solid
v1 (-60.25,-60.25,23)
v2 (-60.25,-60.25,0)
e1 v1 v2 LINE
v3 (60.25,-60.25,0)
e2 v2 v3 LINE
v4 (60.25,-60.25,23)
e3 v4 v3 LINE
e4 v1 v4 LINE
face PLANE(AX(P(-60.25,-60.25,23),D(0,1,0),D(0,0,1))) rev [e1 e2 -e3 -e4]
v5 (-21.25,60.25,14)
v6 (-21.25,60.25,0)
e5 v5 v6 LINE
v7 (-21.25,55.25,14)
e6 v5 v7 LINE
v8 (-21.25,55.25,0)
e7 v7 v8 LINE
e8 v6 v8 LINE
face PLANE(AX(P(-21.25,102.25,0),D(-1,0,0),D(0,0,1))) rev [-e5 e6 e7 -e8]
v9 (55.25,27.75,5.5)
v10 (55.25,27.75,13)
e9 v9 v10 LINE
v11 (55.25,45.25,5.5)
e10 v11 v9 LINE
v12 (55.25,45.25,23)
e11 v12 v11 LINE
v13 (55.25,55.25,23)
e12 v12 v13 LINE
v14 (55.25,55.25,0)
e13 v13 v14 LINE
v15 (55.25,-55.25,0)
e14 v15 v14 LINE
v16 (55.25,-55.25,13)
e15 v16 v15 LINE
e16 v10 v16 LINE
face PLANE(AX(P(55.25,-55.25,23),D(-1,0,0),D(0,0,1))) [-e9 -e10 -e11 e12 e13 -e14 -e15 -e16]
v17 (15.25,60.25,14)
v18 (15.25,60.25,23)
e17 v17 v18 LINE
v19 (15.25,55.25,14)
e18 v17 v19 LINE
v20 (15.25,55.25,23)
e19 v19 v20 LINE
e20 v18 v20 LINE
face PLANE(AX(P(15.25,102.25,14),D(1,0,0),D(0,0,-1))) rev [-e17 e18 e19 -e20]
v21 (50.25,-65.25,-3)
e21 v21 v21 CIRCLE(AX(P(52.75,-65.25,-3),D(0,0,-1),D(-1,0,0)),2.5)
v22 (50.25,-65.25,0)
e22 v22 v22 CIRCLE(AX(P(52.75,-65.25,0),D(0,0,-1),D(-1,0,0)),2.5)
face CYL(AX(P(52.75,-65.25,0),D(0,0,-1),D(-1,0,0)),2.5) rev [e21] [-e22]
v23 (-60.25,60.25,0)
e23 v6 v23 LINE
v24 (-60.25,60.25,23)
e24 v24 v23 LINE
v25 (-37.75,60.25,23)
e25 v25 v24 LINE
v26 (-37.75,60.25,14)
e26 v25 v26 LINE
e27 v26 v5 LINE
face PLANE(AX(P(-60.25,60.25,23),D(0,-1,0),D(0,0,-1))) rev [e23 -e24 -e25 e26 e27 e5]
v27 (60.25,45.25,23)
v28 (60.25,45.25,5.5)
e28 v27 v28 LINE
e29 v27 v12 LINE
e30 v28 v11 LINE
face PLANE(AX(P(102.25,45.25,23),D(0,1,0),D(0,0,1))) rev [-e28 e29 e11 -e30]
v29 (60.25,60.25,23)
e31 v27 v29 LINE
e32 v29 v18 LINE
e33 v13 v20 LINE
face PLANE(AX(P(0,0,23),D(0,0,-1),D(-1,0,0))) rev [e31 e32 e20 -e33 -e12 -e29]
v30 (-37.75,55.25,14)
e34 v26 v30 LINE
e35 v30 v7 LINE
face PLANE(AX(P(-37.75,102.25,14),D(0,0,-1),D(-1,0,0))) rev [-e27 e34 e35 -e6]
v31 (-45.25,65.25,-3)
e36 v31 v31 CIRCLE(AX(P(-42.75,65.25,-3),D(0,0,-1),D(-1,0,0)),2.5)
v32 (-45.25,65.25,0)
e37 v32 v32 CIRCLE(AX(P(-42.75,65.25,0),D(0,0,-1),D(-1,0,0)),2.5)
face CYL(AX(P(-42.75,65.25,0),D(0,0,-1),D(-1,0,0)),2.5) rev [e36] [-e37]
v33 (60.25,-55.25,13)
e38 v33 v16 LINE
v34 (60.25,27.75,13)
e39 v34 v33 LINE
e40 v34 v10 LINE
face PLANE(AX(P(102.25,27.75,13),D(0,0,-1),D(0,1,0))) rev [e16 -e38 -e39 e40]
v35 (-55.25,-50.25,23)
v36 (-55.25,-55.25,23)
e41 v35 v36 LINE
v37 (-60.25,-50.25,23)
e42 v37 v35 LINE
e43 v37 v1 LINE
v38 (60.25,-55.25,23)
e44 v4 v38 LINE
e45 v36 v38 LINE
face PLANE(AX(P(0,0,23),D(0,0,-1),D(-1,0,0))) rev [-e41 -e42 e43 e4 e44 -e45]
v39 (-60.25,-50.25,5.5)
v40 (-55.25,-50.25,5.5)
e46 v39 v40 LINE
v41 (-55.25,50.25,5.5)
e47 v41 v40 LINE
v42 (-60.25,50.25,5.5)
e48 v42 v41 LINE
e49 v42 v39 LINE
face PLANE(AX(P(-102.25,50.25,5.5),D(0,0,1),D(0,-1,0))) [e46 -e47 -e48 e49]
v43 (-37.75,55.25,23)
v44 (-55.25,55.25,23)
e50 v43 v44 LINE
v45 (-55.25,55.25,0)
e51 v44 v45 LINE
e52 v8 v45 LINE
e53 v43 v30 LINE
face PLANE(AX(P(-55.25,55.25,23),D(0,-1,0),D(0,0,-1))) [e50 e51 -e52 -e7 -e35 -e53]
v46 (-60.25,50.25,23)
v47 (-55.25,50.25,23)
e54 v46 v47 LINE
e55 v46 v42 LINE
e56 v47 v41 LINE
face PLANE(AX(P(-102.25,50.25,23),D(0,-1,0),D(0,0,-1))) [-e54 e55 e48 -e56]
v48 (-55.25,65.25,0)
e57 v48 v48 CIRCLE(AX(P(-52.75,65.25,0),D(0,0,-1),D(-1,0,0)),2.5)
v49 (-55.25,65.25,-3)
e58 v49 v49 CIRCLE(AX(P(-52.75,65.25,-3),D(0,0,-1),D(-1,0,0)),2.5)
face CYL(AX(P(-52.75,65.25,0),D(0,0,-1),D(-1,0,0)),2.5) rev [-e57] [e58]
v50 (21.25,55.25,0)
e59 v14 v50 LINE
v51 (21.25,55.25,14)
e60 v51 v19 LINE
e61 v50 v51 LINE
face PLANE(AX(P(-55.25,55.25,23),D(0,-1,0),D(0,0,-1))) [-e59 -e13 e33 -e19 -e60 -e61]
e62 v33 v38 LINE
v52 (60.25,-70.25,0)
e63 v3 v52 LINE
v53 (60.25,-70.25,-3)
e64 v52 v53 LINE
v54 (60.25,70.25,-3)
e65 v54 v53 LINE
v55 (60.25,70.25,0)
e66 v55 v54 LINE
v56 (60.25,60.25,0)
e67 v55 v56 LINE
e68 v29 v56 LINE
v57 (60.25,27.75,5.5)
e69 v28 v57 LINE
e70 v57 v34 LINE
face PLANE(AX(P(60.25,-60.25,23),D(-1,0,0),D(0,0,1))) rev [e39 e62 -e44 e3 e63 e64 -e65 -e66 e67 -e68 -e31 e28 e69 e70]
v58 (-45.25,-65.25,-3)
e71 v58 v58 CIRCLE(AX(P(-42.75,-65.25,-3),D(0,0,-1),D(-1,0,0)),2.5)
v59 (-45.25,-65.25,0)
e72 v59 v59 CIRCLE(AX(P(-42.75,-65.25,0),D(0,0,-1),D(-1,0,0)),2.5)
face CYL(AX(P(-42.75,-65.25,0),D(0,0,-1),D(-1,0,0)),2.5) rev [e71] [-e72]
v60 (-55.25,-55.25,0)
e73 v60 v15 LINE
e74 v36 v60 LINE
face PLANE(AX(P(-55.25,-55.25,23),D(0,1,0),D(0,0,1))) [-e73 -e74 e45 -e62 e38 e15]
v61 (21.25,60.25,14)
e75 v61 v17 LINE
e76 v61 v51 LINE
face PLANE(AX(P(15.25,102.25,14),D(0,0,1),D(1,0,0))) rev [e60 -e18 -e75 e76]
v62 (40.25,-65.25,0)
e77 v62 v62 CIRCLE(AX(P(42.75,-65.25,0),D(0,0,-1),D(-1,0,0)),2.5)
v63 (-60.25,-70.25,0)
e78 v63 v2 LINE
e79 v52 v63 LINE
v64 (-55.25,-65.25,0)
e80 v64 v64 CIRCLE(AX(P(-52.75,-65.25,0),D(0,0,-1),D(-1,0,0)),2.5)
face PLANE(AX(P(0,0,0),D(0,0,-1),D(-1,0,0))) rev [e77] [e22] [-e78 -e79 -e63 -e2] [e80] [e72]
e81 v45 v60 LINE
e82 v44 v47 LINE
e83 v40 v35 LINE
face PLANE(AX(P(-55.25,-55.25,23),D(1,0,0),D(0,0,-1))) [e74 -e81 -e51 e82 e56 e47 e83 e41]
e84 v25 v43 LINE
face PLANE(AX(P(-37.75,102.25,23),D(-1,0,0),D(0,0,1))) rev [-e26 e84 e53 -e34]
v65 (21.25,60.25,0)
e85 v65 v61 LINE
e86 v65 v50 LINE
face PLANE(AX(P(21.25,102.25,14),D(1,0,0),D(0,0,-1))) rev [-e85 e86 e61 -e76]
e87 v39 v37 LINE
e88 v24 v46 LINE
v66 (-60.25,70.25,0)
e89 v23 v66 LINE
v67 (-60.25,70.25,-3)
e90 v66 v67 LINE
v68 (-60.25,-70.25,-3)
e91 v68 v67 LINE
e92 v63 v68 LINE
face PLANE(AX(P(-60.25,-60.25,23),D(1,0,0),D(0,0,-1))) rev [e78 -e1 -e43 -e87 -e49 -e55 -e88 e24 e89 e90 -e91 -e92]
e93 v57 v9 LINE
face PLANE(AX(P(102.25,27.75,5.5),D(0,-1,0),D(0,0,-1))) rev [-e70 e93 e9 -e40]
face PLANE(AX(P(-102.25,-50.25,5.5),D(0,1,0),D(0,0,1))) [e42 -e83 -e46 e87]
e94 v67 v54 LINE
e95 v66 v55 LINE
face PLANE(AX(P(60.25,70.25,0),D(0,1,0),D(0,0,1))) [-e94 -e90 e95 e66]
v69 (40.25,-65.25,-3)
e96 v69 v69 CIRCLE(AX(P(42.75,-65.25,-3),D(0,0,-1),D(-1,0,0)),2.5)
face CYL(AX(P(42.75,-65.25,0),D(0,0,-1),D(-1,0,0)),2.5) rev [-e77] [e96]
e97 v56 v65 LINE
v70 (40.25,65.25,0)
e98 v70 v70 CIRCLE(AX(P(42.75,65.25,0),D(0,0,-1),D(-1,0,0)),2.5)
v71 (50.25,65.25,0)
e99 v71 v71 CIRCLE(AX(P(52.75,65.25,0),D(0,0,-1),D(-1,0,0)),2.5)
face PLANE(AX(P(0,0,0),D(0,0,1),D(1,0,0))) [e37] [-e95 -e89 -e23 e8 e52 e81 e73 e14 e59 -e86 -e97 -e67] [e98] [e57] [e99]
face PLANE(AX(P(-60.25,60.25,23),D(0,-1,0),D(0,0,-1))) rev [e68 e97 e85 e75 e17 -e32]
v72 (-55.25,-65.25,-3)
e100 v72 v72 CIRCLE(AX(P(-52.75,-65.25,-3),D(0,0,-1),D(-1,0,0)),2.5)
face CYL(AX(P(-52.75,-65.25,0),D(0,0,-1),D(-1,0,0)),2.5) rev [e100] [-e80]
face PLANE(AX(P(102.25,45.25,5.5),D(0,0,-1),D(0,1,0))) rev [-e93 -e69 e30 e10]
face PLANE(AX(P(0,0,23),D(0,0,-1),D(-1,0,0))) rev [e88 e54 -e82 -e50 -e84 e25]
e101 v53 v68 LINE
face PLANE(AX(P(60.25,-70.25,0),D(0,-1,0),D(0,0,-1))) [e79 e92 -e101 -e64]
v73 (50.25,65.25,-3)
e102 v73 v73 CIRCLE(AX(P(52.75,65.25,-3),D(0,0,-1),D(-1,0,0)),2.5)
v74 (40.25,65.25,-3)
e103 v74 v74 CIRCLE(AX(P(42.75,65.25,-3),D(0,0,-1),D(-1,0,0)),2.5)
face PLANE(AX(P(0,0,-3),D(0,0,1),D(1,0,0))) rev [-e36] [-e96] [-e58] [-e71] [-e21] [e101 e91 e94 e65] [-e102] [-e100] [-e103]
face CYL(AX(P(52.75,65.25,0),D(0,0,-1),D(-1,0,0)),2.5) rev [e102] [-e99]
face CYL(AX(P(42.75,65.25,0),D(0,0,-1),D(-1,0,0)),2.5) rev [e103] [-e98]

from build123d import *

# Parameters (mm, degrees)
SKETCH1_W           = 120.5
SKETCH1_H           = 120.5
SKETCH1_W_2         = 110.5
SKETCH1_H_2         = 110.5
BOSS_EXTRUDE1_DEPTH = 23
SKETCH2_W           = 120.5
SKETCH2_H           = 120.5
BOSS_EXTRUDE2_DEPTH = 3
SKETCH3_W           = 17.5
SKETCH3_H           = 100.5
CUT_EXTRUDE1_DEPTH  = 47
CUT_EXTRUDE2_DEPTH  = 47
CUT_EXTRUDE3_DEPTH  = 47
SKETCH7_W           = 120.5
SKETCH7_H           = 10
SKETCH7_R           = 2.5
BOSS_EXTRUDE3_DEPTH = 3


with BuildPart() as part:
    # Sketch1 → Boss-Extrude1 (new body)
    with BuildSketch(Plane.XY):
        Rectangle(SKETCH1_W, SKETCH1_H)
        Rectangle(SKETCH1_W_2, SKETCH1_H_2, mode=Mode.SUBTRACT)
    extrude(amount=BOSS_EXTRUDE1_DEPTH)

    # Sketch2 → Boss-Extrude2 (add)
    with BuildSketch(Plane(origin=(0, 0, 0), x_dir=(-1, 0, 0), z_dir=(0, 0, -1))):
        Rectangle(SKETCH2_W, SKETCH2_H)
    extrude(amount=BOSS_EXTRUDE2_DEPTH)

    # Sketch3 → Cut-Extrude1 (cut)
    with BuildSketch(Plane(origin=(-55.25, 0, 0), x_dir=(0, 0, -1), z_dir=(1, 0, 0))):
        with Locations((-14.25, 0)):
            Rectangle(SKETCH3_W, SKETCH3_H)
    extrude(amount=-CUT_EXTRUDE1_DEPTH, mode=Mode.SUBTRACT)

    # Sketch5 → Cut-Extrude2 (cut)
    with BuildSketch(Plane.XZ.offset(-55.25)):
        Polygon((-37.75, 23), (-37.75, 14), (-21.25, 14), (-21.25, 0), (21.25, 0), (21.25, 14), (15.25, 14), (15.25, 23), align=None)
    extrude(amount=-CUT_EXTRUDE2_DEPTH, mode=Mode.SUBTRACT)

    # Sketch6 → Cut-Extrude3 (cut)
    with BuildSketch(Plane.ZY.offset(-55.25)):
        Polygon((23, 45.25), (5.5, 45.25), (5.5, 27.75), (13, 27.75), (13, -55.25), (23, -55.25), align=None)
    extrude(amount=-CUT_EXTRUDE3_DEPTH, mode=Mode.SUBTRACT)

    # Sketch7 → Boss-Extrude3 (add)
    # profile 1 of 2: a face of its own
    with BuildSketch(Plane(origin=(0, 0, -3), x_dir=(-1, 0, 0), z_dir=(0, 0, -1))):
        with Locations((0, 65.25)):
            Rectangle(SKETCH7_W, SKETCH7_H)
        with Locations((-52.75, 65.25)):
            Circle(SKETCH7_R, mode=Mode.SUBTRACT)
        with Locations((-42.75, 65.25)):
            Circle(SKETCH7_R, mode=Mode.SUBTRACT)
        with Locations((52.75, 65.25)):
            Circle(SKETCH7_R, mode=Mode.SUBTRACT)
        with Locations((42.75, 65.25)):
            Circle(SKETCH7_R, mode=Mode.SUBTRACT)
    # profile 2 of 2: a face of its own
    with BuildSketch(Plane(origin=(0, 0, -3), x_dir=(-1, 0, 0), z_dir=(0, 0, -1))):
        with Locations((0, -65.25)):
            Rectangle(SKETCH7_W, SKETCH7_H)
        with Locations((-52.75, -65.25)):
            Circle(SKETCH7_R, mode=Mode.SUBTRACT)
        with Locations((-42.75, -65.25)):
            Circle(SKETCH7_R, mode=Mode.SUBTRACT)
        with Locations((42.75, -65.25)):
            Circle(SKETCH7_R, mode=Mode.SUBTRACT)
        with Locations((52.75, -65.25)):
            Circle(SKETCH7_R, mode=Mode.SUBTRACT)
    extrude(amount=-BOSS_EXTRUDE3_DEPTH)


solid = part.part
